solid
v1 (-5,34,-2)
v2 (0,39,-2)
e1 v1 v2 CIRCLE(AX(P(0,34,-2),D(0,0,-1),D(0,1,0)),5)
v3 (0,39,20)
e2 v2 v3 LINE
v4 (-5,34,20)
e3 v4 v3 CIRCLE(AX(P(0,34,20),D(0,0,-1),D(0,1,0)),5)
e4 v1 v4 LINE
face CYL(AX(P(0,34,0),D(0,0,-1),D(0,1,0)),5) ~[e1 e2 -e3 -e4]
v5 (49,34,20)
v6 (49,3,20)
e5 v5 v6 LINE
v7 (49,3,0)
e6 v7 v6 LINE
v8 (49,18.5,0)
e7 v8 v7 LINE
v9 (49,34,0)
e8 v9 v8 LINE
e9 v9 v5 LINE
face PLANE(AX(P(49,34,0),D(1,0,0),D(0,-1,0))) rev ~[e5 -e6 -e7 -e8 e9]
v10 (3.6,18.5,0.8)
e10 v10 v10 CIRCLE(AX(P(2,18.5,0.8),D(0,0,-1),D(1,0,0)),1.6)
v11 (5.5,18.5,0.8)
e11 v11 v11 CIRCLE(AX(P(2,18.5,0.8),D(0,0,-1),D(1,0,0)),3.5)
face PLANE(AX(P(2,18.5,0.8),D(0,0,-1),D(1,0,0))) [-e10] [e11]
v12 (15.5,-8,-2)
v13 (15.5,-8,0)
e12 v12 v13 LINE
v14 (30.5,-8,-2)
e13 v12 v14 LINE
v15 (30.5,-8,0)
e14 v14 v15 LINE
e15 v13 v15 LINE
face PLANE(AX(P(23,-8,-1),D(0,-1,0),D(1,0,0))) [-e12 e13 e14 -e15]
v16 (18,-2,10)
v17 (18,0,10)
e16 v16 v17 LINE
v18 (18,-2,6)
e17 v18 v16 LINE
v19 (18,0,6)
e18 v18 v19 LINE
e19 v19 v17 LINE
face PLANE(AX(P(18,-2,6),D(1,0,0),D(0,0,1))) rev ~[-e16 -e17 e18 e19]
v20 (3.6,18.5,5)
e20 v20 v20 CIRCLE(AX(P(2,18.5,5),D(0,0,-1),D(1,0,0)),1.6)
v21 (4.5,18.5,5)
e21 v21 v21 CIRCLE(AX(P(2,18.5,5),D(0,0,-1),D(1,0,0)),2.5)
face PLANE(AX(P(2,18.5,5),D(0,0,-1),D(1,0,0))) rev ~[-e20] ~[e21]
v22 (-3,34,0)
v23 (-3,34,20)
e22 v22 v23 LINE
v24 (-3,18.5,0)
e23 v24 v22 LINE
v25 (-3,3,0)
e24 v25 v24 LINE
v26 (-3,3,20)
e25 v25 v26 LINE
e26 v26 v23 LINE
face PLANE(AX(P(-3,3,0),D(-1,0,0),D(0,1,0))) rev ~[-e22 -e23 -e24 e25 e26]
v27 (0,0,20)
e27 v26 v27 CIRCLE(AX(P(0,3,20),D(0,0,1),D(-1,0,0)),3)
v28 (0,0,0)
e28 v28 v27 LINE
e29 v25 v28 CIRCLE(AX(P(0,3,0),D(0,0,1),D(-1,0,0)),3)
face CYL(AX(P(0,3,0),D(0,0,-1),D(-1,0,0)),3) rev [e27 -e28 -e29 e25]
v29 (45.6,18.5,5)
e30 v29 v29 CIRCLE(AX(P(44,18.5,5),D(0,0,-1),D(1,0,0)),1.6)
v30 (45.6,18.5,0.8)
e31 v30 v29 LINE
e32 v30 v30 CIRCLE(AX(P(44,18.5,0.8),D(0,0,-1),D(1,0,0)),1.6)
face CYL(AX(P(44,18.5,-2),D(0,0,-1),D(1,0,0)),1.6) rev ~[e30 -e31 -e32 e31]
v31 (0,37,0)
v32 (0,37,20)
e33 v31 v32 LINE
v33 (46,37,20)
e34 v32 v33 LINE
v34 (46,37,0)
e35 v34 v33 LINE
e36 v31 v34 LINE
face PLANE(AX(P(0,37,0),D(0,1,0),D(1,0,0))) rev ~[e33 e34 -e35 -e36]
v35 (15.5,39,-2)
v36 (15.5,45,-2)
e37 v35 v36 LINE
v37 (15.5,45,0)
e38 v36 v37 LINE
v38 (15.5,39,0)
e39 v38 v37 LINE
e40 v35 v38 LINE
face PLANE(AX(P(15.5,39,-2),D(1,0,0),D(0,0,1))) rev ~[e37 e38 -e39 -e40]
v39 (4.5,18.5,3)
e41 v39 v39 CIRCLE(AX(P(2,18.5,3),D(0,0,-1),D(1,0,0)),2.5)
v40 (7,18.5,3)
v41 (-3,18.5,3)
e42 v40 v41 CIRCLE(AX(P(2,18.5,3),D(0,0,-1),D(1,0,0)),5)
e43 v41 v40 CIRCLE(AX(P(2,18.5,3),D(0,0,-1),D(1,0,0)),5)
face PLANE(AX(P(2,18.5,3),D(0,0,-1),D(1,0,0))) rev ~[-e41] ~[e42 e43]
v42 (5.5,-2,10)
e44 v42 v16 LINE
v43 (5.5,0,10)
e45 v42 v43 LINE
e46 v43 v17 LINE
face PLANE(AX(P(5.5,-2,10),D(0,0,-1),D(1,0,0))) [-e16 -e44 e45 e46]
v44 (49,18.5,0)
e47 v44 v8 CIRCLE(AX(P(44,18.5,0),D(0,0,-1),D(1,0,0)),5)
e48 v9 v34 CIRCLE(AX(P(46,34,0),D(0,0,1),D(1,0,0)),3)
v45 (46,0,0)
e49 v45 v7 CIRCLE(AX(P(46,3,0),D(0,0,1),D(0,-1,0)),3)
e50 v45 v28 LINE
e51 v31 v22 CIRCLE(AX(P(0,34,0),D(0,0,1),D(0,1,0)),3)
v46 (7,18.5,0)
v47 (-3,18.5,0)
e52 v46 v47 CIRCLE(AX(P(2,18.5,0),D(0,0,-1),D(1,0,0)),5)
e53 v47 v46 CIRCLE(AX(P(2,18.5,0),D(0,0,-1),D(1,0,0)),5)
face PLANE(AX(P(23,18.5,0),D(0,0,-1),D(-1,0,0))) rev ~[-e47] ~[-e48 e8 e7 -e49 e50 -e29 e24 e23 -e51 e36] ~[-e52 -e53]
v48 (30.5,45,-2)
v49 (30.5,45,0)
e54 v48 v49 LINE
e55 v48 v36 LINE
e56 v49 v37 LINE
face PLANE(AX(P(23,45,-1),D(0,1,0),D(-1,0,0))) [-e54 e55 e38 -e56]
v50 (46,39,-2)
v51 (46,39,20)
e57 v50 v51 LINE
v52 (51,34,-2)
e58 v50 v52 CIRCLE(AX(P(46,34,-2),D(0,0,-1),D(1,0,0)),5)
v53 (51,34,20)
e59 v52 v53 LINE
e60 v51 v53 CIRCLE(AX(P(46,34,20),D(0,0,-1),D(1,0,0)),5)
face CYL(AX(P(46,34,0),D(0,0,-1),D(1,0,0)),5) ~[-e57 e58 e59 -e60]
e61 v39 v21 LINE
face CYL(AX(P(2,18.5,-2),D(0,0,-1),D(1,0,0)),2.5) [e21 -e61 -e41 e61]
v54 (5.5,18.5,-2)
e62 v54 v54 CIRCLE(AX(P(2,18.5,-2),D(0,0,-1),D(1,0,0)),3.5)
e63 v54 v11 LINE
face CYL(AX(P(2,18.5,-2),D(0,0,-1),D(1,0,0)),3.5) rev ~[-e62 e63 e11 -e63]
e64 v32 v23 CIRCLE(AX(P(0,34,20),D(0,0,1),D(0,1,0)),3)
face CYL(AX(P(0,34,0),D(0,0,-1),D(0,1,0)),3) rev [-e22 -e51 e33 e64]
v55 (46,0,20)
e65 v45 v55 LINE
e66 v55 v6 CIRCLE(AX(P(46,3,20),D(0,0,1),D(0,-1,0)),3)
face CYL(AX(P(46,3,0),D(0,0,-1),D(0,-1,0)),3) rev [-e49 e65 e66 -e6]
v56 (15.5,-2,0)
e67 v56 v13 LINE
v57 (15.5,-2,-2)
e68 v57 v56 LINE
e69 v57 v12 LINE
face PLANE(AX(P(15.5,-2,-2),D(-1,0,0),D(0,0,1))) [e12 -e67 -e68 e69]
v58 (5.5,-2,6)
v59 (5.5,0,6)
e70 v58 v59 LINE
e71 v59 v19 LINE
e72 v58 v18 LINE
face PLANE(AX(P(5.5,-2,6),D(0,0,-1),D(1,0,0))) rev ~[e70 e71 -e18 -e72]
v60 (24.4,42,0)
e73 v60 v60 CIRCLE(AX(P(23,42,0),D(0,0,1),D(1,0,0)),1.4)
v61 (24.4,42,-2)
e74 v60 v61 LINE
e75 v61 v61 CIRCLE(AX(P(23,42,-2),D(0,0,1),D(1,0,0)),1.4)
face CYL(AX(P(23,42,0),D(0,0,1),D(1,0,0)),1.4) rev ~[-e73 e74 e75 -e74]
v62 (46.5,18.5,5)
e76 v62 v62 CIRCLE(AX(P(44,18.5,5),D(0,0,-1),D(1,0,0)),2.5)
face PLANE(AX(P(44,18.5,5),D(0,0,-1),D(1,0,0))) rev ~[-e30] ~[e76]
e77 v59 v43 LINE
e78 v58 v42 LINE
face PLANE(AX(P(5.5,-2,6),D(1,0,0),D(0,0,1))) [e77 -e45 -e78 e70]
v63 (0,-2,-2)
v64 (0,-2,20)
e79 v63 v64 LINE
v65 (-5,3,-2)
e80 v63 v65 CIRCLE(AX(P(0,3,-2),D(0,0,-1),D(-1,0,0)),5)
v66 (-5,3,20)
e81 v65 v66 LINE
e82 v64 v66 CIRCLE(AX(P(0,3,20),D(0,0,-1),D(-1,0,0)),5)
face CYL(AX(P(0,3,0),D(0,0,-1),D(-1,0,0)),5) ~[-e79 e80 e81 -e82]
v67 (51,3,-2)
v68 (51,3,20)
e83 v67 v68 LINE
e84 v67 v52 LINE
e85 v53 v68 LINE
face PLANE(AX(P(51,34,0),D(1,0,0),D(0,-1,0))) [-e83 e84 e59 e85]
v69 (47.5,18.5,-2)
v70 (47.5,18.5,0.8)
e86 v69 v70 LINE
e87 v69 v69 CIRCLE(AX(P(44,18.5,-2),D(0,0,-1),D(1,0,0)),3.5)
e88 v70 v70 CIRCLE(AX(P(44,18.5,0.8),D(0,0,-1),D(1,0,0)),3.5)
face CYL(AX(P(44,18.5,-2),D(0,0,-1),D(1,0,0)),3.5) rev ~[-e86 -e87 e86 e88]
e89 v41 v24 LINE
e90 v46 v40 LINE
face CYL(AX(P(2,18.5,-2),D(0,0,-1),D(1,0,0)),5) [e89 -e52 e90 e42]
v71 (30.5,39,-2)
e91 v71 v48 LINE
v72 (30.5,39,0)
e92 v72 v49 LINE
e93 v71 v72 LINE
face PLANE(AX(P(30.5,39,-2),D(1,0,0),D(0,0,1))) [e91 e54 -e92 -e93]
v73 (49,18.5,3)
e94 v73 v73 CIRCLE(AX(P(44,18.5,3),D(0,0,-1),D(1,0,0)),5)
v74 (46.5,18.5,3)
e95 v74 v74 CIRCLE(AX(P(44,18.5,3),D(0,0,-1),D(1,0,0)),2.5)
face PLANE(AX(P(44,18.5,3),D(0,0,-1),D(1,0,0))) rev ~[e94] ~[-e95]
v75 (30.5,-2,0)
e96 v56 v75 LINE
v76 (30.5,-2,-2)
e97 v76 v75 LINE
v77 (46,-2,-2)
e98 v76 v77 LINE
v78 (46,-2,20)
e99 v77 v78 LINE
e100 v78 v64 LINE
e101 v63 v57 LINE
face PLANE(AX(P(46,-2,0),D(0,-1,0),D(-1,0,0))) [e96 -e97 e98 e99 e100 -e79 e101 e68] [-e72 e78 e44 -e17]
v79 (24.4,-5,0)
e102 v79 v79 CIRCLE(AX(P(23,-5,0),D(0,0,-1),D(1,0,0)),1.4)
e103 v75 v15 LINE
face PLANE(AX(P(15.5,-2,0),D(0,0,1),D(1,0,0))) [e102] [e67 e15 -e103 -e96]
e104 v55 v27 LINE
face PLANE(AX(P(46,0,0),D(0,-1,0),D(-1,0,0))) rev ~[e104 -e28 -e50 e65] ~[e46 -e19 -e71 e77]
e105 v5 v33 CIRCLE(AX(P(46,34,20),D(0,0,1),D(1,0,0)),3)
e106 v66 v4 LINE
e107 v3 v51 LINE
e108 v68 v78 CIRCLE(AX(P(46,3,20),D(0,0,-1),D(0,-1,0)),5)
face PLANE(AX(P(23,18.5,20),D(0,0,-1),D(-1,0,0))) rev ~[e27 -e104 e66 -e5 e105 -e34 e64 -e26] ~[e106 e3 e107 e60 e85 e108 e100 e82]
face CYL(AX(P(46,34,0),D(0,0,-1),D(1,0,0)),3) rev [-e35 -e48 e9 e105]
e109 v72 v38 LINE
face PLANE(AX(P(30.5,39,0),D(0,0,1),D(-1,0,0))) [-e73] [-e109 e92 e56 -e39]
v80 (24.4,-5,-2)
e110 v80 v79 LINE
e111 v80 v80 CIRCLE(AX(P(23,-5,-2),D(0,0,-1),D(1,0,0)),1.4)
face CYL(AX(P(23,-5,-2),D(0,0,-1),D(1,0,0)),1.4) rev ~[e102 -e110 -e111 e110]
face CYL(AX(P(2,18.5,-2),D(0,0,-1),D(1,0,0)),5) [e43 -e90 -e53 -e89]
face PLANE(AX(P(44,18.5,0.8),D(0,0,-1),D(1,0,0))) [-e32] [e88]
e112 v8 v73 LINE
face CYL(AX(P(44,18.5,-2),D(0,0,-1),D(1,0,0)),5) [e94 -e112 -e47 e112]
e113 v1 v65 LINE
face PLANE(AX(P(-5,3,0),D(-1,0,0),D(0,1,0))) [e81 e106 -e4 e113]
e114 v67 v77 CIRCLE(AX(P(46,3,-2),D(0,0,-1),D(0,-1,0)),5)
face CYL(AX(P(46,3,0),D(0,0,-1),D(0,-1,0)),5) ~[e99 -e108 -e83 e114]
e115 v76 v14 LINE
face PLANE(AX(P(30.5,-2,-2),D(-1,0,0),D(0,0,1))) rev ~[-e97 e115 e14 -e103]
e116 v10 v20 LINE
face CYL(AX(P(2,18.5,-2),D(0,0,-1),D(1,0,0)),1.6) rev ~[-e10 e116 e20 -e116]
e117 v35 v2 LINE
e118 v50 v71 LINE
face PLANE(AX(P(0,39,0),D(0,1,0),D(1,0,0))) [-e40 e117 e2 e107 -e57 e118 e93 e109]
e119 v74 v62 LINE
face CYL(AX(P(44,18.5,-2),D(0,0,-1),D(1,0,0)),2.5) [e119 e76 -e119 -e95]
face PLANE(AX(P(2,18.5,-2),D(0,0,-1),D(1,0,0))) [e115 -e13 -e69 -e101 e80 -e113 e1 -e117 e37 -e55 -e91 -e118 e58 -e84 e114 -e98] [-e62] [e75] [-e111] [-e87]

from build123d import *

# Parameters (mm, degrees)
PAD_DEPTH       = 20
THICKNESS_T     = 2
SKETCH001_W     = 15
SKETCH001_H     = 2
PAD001_DEPTH    = 6
SKETCH002_R     = 1.4
POCKET_DEPTH    = 2.001
SKETCH003_W     = 15
SKETCH003_H     = 2
PAD002_DEPTH    = 6
SKETCH004_R     = 1.4
POCKET001_DEPTH = 22.001
SKETCH005_R     = 2.5
PAD003_DEPTH    = 7
SKETCH006_R     = 5
PAD004_DEPTH    = 5
SKETCH007_R     = 1.6
POCKET002_DEPTH = 22.001
SKETCH008_R     = 3.5
POCKET003_DEPTH = 2.8
SKETCH009_W     = 12.5
SKETCH009_H     = 4
POCKET004_DEPTH = 2


with BuildPart() as part:
    # Sketch → Pad (new body)
    with BuildSketch(Plane.XY):
        with BuildLine():
            Line((0, 37), (46, 37))
            ThreePointArc((49, 34), (48.1213203436, 36.1213203436), (46, 37))
            Line((49, 34), (49, 3))
            ThreePointArc((46, 0), (48.1213203436, 0.8786796564), (49, 3))
            Line((46, 0), (0, 0))
            ThreePointArc((-3, 3), (-2.1213203436, 0.8786796564), (0, 0))
            Line((-3, 3), (-3, 34))
            ThreePointArc((0, 37), (-2.1213203436, 36.1213203436), (-3, 34))
        make_face()
    extrude(amount=PAD_DEPTH)

    # Thickness
    thickness_openings = [part.faces().sort_by_distance(p)[0] for p in [
        (23, 18.5, 20),
    ]]
    offset(amount=THICKNESS_T, openings=thickness_openings, kind=Kind.INTERSECTION)

    # Sketch001 → Pad001 (new body)
    with BuildSketch(Plane(origin=(0, 39, 0), x_dir=(-1, 0, 0), z_dir=(0, 1, 0))):
        with Locations((-23, -1)):
            Rectangle(SKETCH001_W, SKETCH001_H)
    extrude(amount=PAD001_DEPTH)

    # Sketch002 → Pocket (cut, through all)
    with BuildSketch(Plane.XY):
        with Locations((23, 42)):
            Circle(SKETCH002_R)
    extrude(amount=-POCKET_DEPTH, mode=Mode.SUBTRACT)

    # Sketch003 → Pad002 (new body)
    with BuildSketch(Plane.XZ.offset(2)):
        with Locations((23, -1)):
            Rectangle(SKETCH003_W, SKETCH003_H)
    extrude(amount=PAD002_DEPTH)

    # Sketch004 → Pocket001 (cut, through all)
    with BuildSketch(Plane(origin=(0, 0, -2), x_dir=(1, 0, 0), z_dir=(0, 0, -1))):
        with Locations((23, 5)):
            Circle(SKETCH004_R)
    extrude(amount=-POCKET001_DEPTH, mode=Mode.SUBTRACT)

    # Sketch005 → Pad003 (new body)
    with BuildSketch(Plane(origin=(0, 0, -2), x_dir=(1, 0, 0), z_dir=(0, 0, -1))):
        with Locations((2, -18.5)):
            Circle(SKETCH005_R)
        with Locations((44, -18.5)):
            Circle(SKETCH005_R)
    extrude(amount=-PAD003_DEPTH)

    # Sketch006 → Pad004 (new body)
    with BuildSketch(Plane(origin=(0, 0, -2), x_dir=(1, 0, 0), z_dir=(0, 0, -1))):
        with Locations((2, -18.5)):
            Circle(SKETCH006_R)
        with Locations((44, -18.5)):
            Circle(SKETCH006_R)
    extrude(amount=-PAD004_DEPTH)

    # Sketch007 → Pocket002 (cut, through all)
    with BuildSketch(Plane(origin=(0, 0, -2), x_dir=(1, 0, 0), z_dir=(0, 0, -1))):
        with Locations((2, -18.5)):
            Circle(SKETCH007_R)
        with Locations((44, -18.5)):
            Circle(SKETCH007_R)
    extrude(amount=-POCKET002_DEPTH, mode=Mode.SUBTRACT)

    # Sketch008 → Pocket003 (cut)
    with BuildSketch(Plane(origin=(0, 0, -2), x_dir=(1, 0, 0), z_dir=(0, 0, -1))):
        with Locations((2, -18.5)):
            Circle(SKETCH008_R)
        with Locations((44, -18.5)):
            Circle(SKETCH008_R)
    extrude(amount=-POCKET003_DEPTH, mode=Mode.SUBTRACT)

    # Sketch009 → Pocket004 (cut)
    with BuildSketch(Plane.XZ.offset(2)):
        with Locations((11.75, 8)):
            Rectangle(SKETCH009_W, SKETCH009_H)
    extrude(amount=-POCKET004_DEPTH, mode=Mode.SUBTRACT)


solid = part.part
